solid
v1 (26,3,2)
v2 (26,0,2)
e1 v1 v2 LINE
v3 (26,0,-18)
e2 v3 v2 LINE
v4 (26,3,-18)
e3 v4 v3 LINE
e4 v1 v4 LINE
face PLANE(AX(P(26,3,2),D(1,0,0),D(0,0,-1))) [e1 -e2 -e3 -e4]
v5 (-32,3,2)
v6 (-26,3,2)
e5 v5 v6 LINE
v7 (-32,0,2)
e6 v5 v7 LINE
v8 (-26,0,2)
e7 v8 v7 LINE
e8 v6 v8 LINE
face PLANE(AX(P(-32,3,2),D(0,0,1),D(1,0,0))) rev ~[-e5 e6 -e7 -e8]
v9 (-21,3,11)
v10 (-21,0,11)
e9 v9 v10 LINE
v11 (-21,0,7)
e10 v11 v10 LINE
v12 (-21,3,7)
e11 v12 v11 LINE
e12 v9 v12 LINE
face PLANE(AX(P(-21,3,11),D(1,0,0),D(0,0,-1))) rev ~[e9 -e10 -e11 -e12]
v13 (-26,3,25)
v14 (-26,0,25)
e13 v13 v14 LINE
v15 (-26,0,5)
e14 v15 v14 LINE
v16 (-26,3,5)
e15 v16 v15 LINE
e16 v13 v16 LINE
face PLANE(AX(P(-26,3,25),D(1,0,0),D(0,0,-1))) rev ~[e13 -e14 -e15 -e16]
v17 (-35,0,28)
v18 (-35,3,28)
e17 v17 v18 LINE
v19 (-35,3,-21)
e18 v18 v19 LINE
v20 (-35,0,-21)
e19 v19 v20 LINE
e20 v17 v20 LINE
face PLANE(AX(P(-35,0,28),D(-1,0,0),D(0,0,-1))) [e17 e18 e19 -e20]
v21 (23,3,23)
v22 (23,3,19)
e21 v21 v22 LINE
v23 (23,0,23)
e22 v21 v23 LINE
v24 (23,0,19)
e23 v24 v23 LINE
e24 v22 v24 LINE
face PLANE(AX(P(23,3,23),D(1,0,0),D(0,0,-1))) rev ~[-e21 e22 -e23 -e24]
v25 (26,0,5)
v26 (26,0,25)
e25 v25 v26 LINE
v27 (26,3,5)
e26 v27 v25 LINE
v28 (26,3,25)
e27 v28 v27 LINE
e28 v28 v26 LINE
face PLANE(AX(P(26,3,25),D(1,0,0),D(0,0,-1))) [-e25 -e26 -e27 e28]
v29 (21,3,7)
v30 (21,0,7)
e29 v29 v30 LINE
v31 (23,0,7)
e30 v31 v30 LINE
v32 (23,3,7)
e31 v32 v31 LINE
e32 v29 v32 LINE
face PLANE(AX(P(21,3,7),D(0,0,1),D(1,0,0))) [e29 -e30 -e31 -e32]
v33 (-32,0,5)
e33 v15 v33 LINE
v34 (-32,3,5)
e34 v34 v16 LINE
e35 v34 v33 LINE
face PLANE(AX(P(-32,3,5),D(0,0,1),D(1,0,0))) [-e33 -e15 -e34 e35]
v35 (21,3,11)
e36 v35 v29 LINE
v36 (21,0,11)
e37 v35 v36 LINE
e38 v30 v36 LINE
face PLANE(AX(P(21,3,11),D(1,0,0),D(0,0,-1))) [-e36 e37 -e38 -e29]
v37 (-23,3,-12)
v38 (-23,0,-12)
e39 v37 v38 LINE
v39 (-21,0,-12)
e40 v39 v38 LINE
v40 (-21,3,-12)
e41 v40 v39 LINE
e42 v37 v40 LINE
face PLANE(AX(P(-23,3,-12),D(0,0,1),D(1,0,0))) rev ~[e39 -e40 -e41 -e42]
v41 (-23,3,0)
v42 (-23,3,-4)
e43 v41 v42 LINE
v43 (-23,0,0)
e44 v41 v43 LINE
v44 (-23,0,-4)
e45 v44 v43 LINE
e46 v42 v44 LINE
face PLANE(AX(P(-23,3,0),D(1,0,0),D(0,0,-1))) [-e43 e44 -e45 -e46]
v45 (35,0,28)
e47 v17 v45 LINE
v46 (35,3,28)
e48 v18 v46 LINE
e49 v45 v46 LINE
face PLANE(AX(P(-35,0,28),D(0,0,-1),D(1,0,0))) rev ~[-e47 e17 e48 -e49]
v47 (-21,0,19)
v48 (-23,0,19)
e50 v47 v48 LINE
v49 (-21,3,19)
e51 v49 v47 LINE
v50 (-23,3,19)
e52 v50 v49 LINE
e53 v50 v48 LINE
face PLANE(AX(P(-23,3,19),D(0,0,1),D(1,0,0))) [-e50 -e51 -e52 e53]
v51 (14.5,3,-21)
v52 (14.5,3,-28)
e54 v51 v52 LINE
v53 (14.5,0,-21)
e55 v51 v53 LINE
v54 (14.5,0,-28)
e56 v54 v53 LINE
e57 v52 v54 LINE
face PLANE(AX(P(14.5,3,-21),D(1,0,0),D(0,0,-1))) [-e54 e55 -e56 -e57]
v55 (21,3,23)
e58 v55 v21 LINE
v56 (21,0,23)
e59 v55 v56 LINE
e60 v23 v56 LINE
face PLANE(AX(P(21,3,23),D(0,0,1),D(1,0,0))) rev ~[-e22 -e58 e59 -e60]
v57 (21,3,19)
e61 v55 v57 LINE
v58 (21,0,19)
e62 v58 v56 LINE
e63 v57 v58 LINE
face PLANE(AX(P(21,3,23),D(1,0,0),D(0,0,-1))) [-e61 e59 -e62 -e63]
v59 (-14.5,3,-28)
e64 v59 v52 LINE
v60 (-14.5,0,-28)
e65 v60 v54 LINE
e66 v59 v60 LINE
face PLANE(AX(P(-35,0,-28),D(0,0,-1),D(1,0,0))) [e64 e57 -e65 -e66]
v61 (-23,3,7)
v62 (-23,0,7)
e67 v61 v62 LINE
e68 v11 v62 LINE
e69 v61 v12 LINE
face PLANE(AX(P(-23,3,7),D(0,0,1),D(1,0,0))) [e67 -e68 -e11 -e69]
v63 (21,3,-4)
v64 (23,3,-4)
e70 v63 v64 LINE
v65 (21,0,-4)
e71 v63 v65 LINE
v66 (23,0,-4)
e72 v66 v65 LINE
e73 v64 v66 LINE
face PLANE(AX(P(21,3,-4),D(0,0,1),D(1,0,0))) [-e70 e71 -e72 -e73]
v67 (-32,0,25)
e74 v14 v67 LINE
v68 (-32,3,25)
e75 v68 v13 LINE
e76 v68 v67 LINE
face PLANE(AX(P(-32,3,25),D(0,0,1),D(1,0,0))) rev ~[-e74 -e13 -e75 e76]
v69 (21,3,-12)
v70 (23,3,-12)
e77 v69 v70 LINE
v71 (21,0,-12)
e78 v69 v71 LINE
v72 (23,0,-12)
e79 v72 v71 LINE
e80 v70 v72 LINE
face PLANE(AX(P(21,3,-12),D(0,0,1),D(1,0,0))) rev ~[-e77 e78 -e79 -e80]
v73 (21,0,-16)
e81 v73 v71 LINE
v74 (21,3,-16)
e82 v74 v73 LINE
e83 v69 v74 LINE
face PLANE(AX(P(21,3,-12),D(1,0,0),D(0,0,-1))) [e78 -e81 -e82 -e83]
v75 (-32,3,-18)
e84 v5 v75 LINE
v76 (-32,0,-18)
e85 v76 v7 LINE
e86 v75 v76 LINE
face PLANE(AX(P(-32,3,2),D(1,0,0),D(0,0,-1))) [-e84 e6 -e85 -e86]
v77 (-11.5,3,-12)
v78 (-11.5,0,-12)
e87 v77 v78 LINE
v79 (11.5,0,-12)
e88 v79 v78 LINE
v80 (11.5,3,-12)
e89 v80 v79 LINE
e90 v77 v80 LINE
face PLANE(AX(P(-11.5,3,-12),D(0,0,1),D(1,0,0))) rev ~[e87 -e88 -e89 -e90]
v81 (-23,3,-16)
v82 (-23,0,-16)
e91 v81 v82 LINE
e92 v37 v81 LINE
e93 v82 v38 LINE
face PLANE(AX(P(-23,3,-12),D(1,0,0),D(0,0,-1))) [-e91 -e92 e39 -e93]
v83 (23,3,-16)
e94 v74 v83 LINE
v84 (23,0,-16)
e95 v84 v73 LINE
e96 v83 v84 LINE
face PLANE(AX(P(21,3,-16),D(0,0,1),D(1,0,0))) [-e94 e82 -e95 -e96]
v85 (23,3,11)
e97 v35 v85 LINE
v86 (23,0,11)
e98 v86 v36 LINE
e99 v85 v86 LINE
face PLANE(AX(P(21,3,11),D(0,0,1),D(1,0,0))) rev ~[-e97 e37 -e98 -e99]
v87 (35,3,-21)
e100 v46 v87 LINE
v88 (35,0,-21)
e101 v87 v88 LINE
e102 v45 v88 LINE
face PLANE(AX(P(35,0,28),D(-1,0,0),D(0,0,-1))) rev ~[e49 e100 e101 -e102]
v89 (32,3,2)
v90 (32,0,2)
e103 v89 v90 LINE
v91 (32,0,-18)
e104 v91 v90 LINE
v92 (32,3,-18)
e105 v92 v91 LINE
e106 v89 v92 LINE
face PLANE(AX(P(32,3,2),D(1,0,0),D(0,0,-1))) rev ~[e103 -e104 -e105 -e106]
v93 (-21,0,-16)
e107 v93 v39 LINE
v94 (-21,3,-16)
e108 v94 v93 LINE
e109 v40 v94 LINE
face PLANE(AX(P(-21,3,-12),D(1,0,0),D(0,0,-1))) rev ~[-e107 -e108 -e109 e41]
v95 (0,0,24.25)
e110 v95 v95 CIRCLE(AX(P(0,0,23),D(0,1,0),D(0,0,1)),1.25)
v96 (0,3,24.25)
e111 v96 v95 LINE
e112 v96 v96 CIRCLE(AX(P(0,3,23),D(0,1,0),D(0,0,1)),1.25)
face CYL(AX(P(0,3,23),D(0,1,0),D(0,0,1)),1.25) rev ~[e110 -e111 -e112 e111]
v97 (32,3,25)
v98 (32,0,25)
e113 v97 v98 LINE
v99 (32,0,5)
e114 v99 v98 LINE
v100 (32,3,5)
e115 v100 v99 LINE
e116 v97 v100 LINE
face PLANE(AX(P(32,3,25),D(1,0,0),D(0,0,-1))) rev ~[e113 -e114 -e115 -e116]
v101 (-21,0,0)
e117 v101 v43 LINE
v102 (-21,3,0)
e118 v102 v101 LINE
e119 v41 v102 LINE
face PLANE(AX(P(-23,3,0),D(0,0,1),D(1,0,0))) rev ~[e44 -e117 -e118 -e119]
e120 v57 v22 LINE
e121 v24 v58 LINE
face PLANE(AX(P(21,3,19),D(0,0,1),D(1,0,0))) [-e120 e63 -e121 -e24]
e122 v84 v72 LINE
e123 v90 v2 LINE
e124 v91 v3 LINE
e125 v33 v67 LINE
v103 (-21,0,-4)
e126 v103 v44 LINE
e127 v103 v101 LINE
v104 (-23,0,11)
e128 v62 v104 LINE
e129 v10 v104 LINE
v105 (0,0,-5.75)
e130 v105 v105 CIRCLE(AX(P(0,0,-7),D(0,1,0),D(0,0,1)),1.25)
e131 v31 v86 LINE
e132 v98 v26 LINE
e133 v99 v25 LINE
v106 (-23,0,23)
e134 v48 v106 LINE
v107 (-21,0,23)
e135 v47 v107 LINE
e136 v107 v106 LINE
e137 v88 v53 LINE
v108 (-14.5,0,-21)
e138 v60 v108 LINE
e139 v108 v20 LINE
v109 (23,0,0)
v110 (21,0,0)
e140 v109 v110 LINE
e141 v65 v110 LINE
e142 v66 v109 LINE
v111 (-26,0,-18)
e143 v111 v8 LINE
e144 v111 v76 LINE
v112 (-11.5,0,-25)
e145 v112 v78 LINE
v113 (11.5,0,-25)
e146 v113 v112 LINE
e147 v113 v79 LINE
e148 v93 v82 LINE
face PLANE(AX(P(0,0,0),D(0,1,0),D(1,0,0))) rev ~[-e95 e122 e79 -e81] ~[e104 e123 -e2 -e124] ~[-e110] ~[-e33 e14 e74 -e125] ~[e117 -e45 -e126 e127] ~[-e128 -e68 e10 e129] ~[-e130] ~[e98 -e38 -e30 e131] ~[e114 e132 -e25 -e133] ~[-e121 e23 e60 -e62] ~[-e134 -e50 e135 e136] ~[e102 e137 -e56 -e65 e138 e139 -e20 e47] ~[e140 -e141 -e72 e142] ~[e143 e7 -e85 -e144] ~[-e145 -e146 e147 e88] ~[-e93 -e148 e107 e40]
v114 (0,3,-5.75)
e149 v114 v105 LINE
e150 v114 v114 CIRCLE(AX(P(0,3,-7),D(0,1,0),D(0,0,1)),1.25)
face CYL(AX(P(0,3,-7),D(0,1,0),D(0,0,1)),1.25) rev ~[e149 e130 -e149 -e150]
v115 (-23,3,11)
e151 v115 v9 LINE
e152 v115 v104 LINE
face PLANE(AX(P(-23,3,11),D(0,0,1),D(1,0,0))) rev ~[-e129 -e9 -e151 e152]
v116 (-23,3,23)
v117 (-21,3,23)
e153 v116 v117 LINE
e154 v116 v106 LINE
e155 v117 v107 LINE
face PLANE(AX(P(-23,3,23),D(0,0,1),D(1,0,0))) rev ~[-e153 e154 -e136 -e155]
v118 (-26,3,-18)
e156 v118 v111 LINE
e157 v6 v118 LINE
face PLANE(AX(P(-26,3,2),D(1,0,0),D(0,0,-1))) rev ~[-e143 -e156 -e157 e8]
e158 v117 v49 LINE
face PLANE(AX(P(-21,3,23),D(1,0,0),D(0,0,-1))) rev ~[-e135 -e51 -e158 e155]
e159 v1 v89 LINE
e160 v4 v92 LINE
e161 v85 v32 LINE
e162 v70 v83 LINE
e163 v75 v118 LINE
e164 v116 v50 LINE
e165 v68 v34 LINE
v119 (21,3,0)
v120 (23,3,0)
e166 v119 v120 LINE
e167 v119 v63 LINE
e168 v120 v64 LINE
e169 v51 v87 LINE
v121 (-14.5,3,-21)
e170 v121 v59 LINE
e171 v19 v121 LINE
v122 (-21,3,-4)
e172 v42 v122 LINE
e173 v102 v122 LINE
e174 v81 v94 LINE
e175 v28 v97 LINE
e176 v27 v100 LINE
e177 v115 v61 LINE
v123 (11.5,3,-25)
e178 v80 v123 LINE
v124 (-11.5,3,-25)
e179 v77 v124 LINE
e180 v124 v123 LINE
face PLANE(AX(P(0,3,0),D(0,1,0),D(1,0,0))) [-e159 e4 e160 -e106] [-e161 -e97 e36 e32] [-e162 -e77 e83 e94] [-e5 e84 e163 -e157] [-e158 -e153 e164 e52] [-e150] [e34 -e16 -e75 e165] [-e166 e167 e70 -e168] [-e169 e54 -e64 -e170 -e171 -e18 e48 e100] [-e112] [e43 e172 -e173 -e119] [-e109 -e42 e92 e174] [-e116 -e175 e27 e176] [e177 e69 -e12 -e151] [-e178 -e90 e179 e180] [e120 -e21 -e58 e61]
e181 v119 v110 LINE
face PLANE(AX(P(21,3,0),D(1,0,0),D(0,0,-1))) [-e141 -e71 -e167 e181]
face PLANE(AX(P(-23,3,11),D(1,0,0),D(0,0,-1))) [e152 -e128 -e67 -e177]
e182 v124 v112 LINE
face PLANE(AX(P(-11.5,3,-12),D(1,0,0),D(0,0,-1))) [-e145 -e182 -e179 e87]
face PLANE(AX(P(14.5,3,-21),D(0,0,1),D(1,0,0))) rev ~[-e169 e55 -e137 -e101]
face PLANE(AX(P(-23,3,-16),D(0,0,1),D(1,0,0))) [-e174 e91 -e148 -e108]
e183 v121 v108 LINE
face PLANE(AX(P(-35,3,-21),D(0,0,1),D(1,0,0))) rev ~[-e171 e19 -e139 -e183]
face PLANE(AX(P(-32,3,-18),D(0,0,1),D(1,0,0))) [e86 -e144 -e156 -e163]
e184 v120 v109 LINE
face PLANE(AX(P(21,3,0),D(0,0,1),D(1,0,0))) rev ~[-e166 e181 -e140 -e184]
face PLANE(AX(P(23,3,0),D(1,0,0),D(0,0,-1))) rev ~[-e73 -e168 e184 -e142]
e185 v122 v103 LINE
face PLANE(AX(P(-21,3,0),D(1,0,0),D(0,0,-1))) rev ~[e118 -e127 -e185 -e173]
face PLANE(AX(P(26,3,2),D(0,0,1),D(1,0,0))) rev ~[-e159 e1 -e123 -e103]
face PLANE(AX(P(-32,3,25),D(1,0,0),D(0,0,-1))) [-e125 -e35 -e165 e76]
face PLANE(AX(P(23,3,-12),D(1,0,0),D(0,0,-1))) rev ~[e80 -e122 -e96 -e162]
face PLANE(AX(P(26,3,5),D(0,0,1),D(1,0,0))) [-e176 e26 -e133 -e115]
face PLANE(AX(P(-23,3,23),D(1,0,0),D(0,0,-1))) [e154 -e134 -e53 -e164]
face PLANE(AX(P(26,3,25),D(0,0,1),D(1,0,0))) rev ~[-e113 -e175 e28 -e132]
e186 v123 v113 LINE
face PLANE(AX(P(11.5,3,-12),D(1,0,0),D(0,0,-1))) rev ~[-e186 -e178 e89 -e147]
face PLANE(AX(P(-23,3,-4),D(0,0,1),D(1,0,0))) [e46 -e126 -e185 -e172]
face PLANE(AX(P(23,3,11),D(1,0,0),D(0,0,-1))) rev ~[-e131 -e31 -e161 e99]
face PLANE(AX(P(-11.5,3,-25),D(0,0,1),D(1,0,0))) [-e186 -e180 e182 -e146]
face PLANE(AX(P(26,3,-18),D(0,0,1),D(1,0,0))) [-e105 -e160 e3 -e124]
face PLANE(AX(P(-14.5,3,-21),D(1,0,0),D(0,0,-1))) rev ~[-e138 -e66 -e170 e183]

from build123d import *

# Parameters (mm, degrees)
SKETCH_1_W          = 70
SKETCH_1_H          = 56
EXTRUDE_1_DEPTH     = 3
CUT_EXTRUDE_1_REACH = 46.922
SKETCH_2_R          = 1.25
SKETCH_2_W          = 23
SKETCH_2_H          = 13
SKETCH_2_W_2        = 6
SKETCH_2_H_2        = 20
SKETCH_2_W_3        = 2
SKETCH_2_H_3        = 4
SKETCH_2_W_4        = 20.5
SKETCH_2_H_4        = 7


with BuildPart() as part:
    # 草图1 → 凸台-拉伸1 (new body)
    with BuildSketch(Plane(origin=(0, 0, 0), x_dir=(1, 0, 0), z_dir=(0, 1, 0))):
        Rectangle(SKETCH_1_W, SKETCH_1_H)
    extrude(amount=EXTRUDE_1_DEPTH)

    # 草图2 → 切除-拉伸1 (cut, up to next)
    with BuildSketch(Plane(origin=(0, 3, 0), x_dir=(1, 0, 0), z_dir=(0, 1, 0)), mode=Mode.PRIVATE) as cut_extrude_1_sk1:
        with Locations(Location((0, 7, 0), (0, 0, 270))):
            Circle(SKETCH_2_R)
    cut_extrude_1_tool1 = extrude(cut_extrude_1_sk1.sketch, amount=-CUT_EXTRUDE_1_REACH, mode=Mode.PRIVATE) & part.part
    # 草图2 → 切除-拉伸1 (cut, up to next)
    with BuildSketch(Plane(origin=(0, 3, 0), x_dir=(1, 0, 0), z_dir=(0, 1, 0)), mode=Mode.PRIVATE) as cut_extrude_1_sk2:
        with Locations(Location((0, -23, 0), (0, 0, 270))):
            Circle(SKETCH_2_R)
    cut_extrude_1_tool2 = extrude(cut_extrude_1_sk2.sketch, amount=-CUT_EXTRUDE_1_REACH, mode=Mode.PRIVATE) & part.part
    # 草图2 → 切除-拉伸1 (cut, up to next)
    with BuildSketch(Plane(origin=(0, 3, 0), x_dir=(1, 0, 0), z_dir=(0, 1, 0)), mode=Mode.PRIVATE) as cut_extrude_1_sk3:
        with Locations((0, 18.5)):
            Rectangle(SKETCH_2_W, SKETCH_2_H)
    cut_extrude_1_tool3 = extrude(cut_extrude_1_sk3.sketch, amount=-CUT_EXTRUDE_1_REACH, mode=Mode.PRIVATE) & part.part
    # 草图2 → 切除-拉伸1 (cut, up to next)
    with BuildSketch(Plane(origin=(0, 3, 0), x_dir=(1, 0, 0), z_dir=(0, 1, 0)), mode=Mode.PRIVATE) as cut_extrude_1_sk4:
        with Locations((-29, -15)):
            Rectangle(SKETCH_2_W_2, SKETCH_2_H_2)
    cut_extrude_1_tool4 = extrude(cut_extrude_1_sk4.sketch, amount=-CUT_EXTRUDE_1_REACH, mode=Mode.PRIVATE) & part.part
    # 草图2 → 切除-拉伸1 (cut, up to next)
    with BuildSketch(Plane(origin=(0, 3, 0), x_dir=(1, 0, 0), z_dir=(0, 1, 0)), mode=Mode.PRIVATE) as cut_extrude_1_sk5:
        with Locations((-29, 8)):
            Rectangle(SKETCH_2_W_2, SKETCH_2_H_2)
    cut_extrude_1_tool5 = extrude(cut_extrude_1_sk5.sketch, amount=-CUT_EXTRUDE_1_REACH, mode=Mode.PRIVATE) & part.part
    # 草图2 → 切除-拉伸1 (cut, up to next)
    with BuildSketch(Plane(origin=(0, 3, 0), x_dir=(1, 0, 0), z_dir=(0, 1, 0)), mode=Mode.PRIVATE) as cut_extrude_1_sk6:
        with Locations((29, -15)):
            Rectangle(SKETCH_2_W_2, SKETCH_2_H_2)
    cut_extrude_1_tool6 = extrude(cut_extrude_1_sk6.sketch, amount=-CUT_EXTRUDE_1_REACH, mode=Mode.PRIVATE) & part.part
    # 草图2 → 切除-拉伸1 (cut, up to next)
    with BuildSketch(Plane(origin=(0, 3, 0), x_dir=(1, 0, 0), z_dir=(0, 1, 0)), mode=Mode.PRIVATE) as cut_extrude_1_sk7:
        with Locations((29, 8)):
            Rectangle(SKETCH_2_W_2, SKETCH_2_H_2)
    cut_extrude_1_tool7 = extrude(cut_extrude_1_sk7.sketch, amount=-CUT_EXTRUDE_1_REACH, mode=Mode.PRIVATE) & part.part
    # 草图2 → 切除-拉伸1 (cut, up to next)
    with BuildSketch(Plane(origin=(0, 3, 0), x_dir=(1, 0, 0), z_dir=(0, 1, 0)), mode=Mode.PRIVATE) as cut_extrude_1_sk8:
        with Locations((-22, 2)):
            Rectangle(SKETCH_2_W_3, SKETCH_2_H_3)
    cut_extrude_1_tool8 = extrude(cut_extrude_1_sk8.sketch, amount=-CUT_EXTRUDE_1_REACH, mode=Mode.PRIVATE) & part.part
    # 草图2 → 切除-拉伸1 (cut, up to next)
    with BuildSketch(Plane(origin=(0, 3, 0), x_dir=(1, 0, 0), z_dir=(0, 1, 0)), mode=Mode.PRIVATE) as cut_extrude_1_sk9:
        with Locations((-22, 14)):
            Rectangle(SKETCH_2_W_3, SKETCH_2_H_3)
    cut_extrude_1_tool9 = extrude(cut_extrude_1_sk9.sketch, amount=-CUT_EXTRUDE_1_REACH, mode=Mode.PRIVATE) & part.part
    # 草图2 → 切除-拉伸1 (cut, up to next)
    with BuildSketch(Plane(origin=(0, 3, 0), x_dir=(1, 0, 0), z_dir=(0, 1, 0)), mode=Mode.PRIVATE) as cut_extrude_1_sk10:
        with Locations((22, 2)):
            Rectangle(SKETCH_2_W_3, SKETCH_2_H_3)
    cut_extrude_1_tool10 = extrude(cut_extrude_1_sk10.sketch, amount=-CUT_EXTRUDE_1_REACH, mode=Mode.PRIVATE) & part.part
    # 草图2 → 切除-拉伸1 (cut, up to next)
    with BuildSketch(Plane(origin=(0, 3, 0), x_dir=(1, 0, 0), z_dir=(0, 1, 0)), mode=Mode.PRIVATE) as cut_extrude_1_sk11:
        with Locations((22, 14)):
            Rectangle(SKETCH_2_W_3, SKETCH_2_H_3)
    cut_extrude_1_tool11 = extrude(cut_extrude_1_sk11.sketch, amount=-CUT_EXTRUDE_1_REACH, mode=Mode.PRIVATE) & part.part
    # 草图2 → 切除-拉伸1 (cut, up to next)
    with BuildSketch(Plane(origin=(0, 3, 0), x_dir=(1, 0, 0), z_dir=(0, 1, 0)), mode=Mode.PRIVATE) as cut_extrude_1_sk12:
        with Locations((24.75, 24.5)):
            Rectangle(SKETCH_2_W_4, SKETCH_2_H_4)
    cut_extrude_1_tool12 = extrude(cut_extrude_1_sk12.sketch, amount=-CUT_EXTRUDE_1_REACH, mode=Mode.PRIVATE) & part.part
    # 草图2 → 切除-拉伸1 (cut, up to next)
    with BuildSketch(Plane(origin=(0, 3, 0), x_dir=(1, 0, 0), z_dir=(0, 1, 0)), mode=Mode.PRIVATE) as cut_extrude_1_sk13:
        with Locations((-24.75, 24.5)):
            Rectangle(SKETCH_2_W_4, SKETCH_2_H_4)
    cut_extrude_1_tool13 = extrude(cut_extrude_1_sk13.sketch, amount=-CUT_EXTRUDE_1_REACH, mode=Mode.PRIVATE) & part.part
    # 草图2 → 切除-拉伸1 (cut, up to next)
    with BuildSketch(Plane(origin=(0, 3, 0), x_dir=(1, 0, 0), z_dir=(0, 1, 0)), mode=Mode.PRIVATE) as cut_extrude_1_sk14:
        with Locations((-22, -9)):
            Rectangle(SKETCH_2_W_3, SKETCH_2_H_3)
    cut_extrude_1_tool14 = extrude(cut_extrude_1_sk14.sketch, amount=-CUT_EXTRUDE_1_REACH, mode=Mode.PRIVATE) & part.part
    # 草图2 → 切除-拉伸1 (cut, up to next)
    with BuildSketch(Plane(origin=(0, 3, 0), x_dir=(1, 0, 0), z_dir=(0, 1, 0)), mode=Mode.PRIVATE) as cut_extrude_1_sk15:
        with Locations((-22, -21)):
            Rectangle(SKETCH_2_W_3, SKETCH_2_H_3)
    cut_extrude_1_tool15 = extrude(cut_extrude_1_sk15.sketch, amount=-CUT_EXTRUDE_1_REACH, mode=Mode.PRIVATE) & part.part
    # 草图2 → 切除-拉伸1 (cut, up to next)
    with BuildSketch(Plane(origin=(0, 3, 0), x_dir=(1, 0, 0), z_dir=(0, 1, 0)), mode=Mode.PRIVATE) as cut_extrude_1_sk16:
        with Locations((22, -21)):
            Rectangle(SKETCH_2_W_3, SKETCH_2_H_3)
    cut_extrude_1_tool16 = extrude(cut_extrude_1_sk16.sketch, amount=-CUT_EXTRUDE_1_REACH, mode=Mode.PRIVATE) & part.part
    # 草图2 → 切除-拉伸1 (cut, up to next)
    with BuildSketch(Plane(origin=(0, 3, 0), x_dir=(1, 0, 0), z_dir=(0, 1, 0)), mode=Mode.PRIVATE) as cut_extrude_1_sk17:
        with Locations((22, -9)):
            Rectangle(SKETCH_2_W_3, SKETCH_2_H_3)
    cut_extrude_1_tool17 = extrude(cut_extrude_1_sk17.sketch, amount=-CUT_EXTRUDE_1_REACH, mode=Mode.PRIVATE) & part.part
    add(cut_extrude_1_tool1.solids().sort_by_distance((0, 3, -7))[0], mode=Mode.SUBTRACT)
    add(cut_extrude_1_tool2.solids().sort_by_distance((0, 3, 23))[0], mode=Mode.SUBTRACT)
    add(cut_extrude_1_tool3.solids().sort_by_distance((0, 3, -18.5))[0], mode=Mode.SUBTRACT)
    add(cut_extrude_1_tool4.solids().sort_by_distance((-29, 3, 15))[0], mode=Mode.SUBTRACT)
    add(cut_extrude_1_tool5.solids().sort_by_distance((-29, 3, -8))[0], mode=Mode.SUBTRACT)
    add(cut_extrude_1_tool6.solids().sort_by_distance((29, 3, 15))[0], mode=Mode.SUBTRACT)
    add(cut_extrude_1_tool7.solids().sort_by_distance((29, 3, -8))[0], mode=Mode.SUBTRACT)
    add(cut_extrude_1_tool8.solids().sort_by_distance((-22, 3, -2))[0], mode=Mode.SUBTRACT)
    add(cut_extrude_1_tool9.solids().sort_by_distance((-22, 3, -14))[0], mode=Mode.SUBTRACT)
    add(cut_extrude_1_tool10.solids().sort_by_distance((22, 3, -2))[0], mode=Mode.SUBTRACT)
    add(cut_extrude_1_tool11.solids().sort_by_distance((22, 3, -14))[0], mode=Mode.SUBTRACT)
    add(cut_extrude_1_tool12.solids().sort_by_distance((24.75, 3, -24.5))[0], mode=Mode.SUBTRACT)
    add(cut_extrude_1_tool13.solids().sort_by_distance((-24.75, 3, -24.5))[0], mode=Mode.SUBTRACT)
    add(cut_extrude_1_tool14.solids().sort_by_distance((-22, 3, 9))[0], mode=Mode.SUBTRACT)
    add(cut_extrude_1_tool15.solids().sort_by_distance((-22, 3, 21))[0], mode=Mode.SUBTRACT)
    add(cut_extrude_1_tool16.solids().sort_by_distance((22, 3, 21))[0], mode=Mode.SUBTRACT)
    add(cut_extrude_1_tool17.solids().sort_by_distance((22, 3, 9))[0], mode=Mode.SUBTRACT)


solid = part.part
